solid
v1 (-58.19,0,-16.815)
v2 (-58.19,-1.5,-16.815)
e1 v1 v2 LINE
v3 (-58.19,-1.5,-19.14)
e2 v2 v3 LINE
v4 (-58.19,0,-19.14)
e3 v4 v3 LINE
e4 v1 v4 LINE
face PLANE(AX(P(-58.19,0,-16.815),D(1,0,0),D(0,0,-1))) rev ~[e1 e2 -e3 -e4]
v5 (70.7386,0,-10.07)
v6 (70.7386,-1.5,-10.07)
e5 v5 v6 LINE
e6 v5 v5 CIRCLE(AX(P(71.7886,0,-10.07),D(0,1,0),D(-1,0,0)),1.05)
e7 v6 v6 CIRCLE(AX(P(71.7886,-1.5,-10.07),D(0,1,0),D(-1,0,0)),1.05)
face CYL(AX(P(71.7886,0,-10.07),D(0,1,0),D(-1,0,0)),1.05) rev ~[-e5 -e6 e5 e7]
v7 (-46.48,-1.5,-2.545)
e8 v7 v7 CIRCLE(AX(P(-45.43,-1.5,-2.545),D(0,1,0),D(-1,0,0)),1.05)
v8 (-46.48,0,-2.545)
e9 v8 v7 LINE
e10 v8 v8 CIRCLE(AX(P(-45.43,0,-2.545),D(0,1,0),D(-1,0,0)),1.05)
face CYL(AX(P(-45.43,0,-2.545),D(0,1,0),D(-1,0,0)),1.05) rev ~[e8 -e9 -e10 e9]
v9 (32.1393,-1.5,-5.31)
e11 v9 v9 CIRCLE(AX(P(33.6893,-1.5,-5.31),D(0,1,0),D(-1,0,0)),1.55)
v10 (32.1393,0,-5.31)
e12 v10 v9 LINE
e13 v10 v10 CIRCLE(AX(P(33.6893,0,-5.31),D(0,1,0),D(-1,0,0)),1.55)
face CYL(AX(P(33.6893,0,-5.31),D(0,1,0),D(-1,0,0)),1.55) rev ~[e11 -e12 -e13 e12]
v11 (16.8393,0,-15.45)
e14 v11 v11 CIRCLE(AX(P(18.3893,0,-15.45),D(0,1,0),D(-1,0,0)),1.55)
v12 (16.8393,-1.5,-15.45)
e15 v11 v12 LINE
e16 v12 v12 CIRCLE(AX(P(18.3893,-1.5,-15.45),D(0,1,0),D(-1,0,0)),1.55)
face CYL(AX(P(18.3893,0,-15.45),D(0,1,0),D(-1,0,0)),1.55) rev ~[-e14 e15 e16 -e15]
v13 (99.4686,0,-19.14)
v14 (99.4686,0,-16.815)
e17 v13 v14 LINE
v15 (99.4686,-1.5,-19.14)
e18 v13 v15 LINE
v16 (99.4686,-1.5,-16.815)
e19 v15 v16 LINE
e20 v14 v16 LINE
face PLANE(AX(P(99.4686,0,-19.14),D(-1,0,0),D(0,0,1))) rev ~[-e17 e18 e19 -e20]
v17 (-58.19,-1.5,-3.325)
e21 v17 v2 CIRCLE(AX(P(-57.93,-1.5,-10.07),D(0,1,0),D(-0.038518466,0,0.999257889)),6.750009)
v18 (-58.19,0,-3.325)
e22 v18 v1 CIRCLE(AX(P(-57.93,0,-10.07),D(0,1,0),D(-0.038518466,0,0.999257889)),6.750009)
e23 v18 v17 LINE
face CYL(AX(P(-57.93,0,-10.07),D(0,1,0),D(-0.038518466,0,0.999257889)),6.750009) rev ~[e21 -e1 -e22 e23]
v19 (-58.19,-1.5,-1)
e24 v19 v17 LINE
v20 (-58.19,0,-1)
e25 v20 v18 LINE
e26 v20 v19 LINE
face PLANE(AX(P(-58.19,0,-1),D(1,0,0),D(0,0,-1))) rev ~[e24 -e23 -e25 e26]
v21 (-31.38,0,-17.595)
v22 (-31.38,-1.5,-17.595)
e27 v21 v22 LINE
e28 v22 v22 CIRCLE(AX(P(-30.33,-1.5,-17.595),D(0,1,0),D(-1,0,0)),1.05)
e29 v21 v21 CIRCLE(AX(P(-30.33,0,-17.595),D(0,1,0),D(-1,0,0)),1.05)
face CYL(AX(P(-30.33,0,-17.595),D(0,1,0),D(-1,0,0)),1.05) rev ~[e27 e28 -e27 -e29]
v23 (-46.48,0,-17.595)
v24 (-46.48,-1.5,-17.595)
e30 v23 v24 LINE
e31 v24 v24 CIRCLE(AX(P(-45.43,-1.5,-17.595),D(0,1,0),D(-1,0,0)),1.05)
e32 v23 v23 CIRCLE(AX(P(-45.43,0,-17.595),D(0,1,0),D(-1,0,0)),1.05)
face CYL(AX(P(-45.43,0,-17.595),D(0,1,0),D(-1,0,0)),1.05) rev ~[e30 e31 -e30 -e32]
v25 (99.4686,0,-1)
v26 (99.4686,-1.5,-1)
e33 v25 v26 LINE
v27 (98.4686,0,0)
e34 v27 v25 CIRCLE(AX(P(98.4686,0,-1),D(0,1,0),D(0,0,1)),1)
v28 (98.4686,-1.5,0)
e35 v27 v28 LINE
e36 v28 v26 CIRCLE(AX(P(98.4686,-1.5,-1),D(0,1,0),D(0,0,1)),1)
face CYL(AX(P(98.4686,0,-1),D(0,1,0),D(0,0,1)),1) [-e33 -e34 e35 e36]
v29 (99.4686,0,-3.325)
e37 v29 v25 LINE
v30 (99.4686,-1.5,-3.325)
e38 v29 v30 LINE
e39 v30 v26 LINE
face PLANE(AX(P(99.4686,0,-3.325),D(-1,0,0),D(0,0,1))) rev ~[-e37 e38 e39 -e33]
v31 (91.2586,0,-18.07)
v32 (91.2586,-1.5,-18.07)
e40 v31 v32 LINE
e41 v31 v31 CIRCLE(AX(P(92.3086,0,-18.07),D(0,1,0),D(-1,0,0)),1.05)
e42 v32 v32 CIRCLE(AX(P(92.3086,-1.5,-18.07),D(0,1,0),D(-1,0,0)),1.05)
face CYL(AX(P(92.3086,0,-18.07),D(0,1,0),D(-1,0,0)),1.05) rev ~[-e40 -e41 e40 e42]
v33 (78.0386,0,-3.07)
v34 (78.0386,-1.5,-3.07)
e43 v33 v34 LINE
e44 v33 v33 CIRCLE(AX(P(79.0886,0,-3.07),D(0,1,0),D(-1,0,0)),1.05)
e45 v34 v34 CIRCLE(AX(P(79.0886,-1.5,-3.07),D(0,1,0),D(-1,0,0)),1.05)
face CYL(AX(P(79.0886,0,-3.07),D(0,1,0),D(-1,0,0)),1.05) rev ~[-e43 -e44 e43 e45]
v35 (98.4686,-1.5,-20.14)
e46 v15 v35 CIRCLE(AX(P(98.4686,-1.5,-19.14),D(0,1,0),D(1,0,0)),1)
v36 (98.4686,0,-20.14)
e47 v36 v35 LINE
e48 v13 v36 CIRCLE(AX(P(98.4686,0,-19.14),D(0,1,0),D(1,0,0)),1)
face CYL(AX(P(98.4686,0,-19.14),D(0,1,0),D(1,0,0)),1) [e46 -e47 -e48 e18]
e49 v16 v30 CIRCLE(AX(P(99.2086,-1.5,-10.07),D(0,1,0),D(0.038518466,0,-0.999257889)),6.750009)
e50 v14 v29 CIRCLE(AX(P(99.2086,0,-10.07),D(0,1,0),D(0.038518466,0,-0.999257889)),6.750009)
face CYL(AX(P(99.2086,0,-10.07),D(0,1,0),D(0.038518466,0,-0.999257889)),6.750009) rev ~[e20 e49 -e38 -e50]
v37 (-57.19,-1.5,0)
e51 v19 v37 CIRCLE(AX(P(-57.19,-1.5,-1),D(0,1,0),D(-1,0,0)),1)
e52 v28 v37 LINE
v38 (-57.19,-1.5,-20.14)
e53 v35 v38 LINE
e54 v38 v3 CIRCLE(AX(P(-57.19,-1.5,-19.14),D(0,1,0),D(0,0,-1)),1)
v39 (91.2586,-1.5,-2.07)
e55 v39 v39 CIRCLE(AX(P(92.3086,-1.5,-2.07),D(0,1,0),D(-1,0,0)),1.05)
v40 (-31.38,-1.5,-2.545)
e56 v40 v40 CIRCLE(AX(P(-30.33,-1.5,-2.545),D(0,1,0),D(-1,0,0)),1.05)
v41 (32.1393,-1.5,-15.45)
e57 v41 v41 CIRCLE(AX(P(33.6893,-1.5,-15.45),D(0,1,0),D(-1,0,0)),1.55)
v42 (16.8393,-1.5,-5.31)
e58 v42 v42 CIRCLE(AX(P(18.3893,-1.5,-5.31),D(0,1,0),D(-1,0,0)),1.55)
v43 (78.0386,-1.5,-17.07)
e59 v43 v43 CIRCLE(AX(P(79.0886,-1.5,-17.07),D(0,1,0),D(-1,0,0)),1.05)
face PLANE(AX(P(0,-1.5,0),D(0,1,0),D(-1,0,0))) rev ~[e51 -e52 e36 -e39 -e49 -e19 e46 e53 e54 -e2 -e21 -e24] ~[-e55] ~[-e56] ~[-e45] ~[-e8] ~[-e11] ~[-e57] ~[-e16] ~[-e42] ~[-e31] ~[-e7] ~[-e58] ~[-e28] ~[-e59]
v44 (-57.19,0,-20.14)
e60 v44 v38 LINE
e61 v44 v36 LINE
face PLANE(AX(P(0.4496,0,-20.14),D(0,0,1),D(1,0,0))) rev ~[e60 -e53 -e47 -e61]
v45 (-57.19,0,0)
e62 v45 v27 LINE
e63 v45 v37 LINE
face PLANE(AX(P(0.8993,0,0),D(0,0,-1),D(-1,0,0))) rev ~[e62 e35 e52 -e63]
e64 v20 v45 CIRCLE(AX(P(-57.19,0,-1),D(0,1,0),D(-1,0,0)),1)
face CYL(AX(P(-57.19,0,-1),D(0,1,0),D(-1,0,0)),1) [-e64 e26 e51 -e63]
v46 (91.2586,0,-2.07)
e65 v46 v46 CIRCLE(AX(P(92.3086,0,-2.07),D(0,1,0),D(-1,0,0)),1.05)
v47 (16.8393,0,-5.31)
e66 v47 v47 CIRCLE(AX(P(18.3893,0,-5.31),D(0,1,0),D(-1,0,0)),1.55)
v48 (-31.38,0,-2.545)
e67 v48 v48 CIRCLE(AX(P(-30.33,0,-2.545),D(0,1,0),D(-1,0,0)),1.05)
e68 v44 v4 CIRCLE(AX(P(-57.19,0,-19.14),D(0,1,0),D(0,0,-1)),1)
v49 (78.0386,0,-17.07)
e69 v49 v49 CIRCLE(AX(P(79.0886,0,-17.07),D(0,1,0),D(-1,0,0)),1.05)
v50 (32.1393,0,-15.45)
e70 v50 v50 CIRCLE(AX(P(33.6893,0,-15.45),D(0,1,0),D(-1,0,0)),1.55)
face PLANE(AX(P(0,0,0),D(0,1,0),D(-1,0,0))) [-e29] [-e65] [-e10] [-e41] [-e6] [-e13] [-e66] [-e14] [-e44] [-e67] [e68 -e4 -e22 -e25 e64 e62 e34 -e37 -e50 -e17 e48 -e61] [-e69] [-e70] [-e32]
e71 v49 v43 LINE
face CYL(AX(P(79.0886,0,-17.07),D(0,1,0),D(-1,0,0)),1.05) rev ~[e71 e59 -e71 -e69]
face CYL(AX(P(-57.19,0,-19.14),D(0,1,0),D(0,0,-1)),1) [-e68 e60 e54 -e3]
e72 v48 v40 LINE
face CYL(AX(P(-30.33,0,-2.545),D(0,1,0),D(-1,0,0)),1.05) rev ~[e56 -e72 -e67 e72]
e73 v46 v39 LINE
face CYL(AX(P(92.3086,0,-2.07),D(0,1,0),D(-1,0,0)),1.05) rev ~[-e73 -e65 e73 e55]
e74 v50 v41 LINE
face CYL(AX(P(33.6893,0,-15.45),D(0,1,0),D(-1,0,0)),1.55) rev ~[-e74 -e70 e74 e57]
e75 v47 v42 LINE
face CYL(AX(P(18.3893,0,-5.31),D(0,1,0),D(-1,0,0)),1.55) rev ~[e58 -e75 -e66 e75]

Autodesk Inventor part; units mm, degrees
ref_plane "YZ Plane" through (0, 0, 0) normal (1, 0, 0) x (0, 1, 0)
ref_plane "XZ Plane" through (0, 0, 0) normal (0, 1, 0) x (-1, 0, 0)
ref_plane "XY Plane" through (0, 0, 0) normal (0, 0, 1) x (1, 0, 0)
sketch "Sketch1" plane through (0, 0, 0) normal (0, 1, 0) x (-1, 0, 0)
  line L0 (-0.4496, -20.14) -> (-0.4496, 0)
  line L1 (-40.8289, 0) -> (-40.8289, -20.14)
  circle A0 centre (45.43, -2.545) radius 1.05
  circle A1 centre (45.43, -17.595) radius 1.05
  circle A2 centre (30.33, -2.545) radius 1.05
  circle A3 centre (30.33, -17.595) radius 1.05
  circle A4 centre (-18.3893, -15.45) radius 1.55
  circle A5 centre (-18.3893, -5.31) radius 1.55
  circle A6 centre (-33.6893, -15.45) radius 1.55
  circle A7 centre (-33.6893, -5.31) radius 1.55
  circle A8 centre (-92.3086, -18.07) radius 1.05
  circle A9 centre (-92.3086, -2.07) radius 1.05
  circle A10 centre (-79.0886, -17.07) radius 1.05
  circle A11 centre (-79.0886, -3.07) radius 1.05
  circle A12 centre (-71.7886, -10.07) radius 1.05
  arc A13 (-99.4686, -16.815) -> (-99.4686, -3.325) centre (-99.2086, -10.07) ccw
  line L2 (-99.4686, -19.14) -> (-99.4686, -16.815)
  arc A14 (-99.4686, -19.14) -> (-98.4686, -20.14) centre (-98.4686, -19.14) ccw
  line L3 (57.19, -20.14) -> (-98.4686, -20.14)
  arc A15 (57.19, -20.14) -> (58.19, -19.14) centre (57.19, -19.14) ccw
  line L4 (58.19, -16.815) -> (58.19, -19.14)
  arc A16 (58.19, -3.325) -> (58.19, -16.815) centre (57.93, -10.07) ccw
  line L5 (58.19, -1) -> (58.19, -3.325)
  arc A17 (58.19, -1) -> (57.19, 0) centre (57.19, -1) ccw
  line L6 (-98.4686, 0) -> (57.19, 0)
  arc A18 (-98.4686, 0) -> (-99.4686, -1) centre (-98.4686, -1) ccw
  line L7 (-99.4686, -3.325) -> (-99.4686, -1)
  line L8 (-41.2786, -20.14) -> (-41.2786, 0)
  line L9 (-40.3793, 0) -> (-40.3793, -20.14)
  line L10 (-0.8993, -20.14) -> (-0.8993, 0)
  line L11 (0, 0) -> (0, -20.14)
extrude "Extrusion1" add sketch "Sketch1" against normal blind 1.5
properties part number "axis_16_top_frame"
